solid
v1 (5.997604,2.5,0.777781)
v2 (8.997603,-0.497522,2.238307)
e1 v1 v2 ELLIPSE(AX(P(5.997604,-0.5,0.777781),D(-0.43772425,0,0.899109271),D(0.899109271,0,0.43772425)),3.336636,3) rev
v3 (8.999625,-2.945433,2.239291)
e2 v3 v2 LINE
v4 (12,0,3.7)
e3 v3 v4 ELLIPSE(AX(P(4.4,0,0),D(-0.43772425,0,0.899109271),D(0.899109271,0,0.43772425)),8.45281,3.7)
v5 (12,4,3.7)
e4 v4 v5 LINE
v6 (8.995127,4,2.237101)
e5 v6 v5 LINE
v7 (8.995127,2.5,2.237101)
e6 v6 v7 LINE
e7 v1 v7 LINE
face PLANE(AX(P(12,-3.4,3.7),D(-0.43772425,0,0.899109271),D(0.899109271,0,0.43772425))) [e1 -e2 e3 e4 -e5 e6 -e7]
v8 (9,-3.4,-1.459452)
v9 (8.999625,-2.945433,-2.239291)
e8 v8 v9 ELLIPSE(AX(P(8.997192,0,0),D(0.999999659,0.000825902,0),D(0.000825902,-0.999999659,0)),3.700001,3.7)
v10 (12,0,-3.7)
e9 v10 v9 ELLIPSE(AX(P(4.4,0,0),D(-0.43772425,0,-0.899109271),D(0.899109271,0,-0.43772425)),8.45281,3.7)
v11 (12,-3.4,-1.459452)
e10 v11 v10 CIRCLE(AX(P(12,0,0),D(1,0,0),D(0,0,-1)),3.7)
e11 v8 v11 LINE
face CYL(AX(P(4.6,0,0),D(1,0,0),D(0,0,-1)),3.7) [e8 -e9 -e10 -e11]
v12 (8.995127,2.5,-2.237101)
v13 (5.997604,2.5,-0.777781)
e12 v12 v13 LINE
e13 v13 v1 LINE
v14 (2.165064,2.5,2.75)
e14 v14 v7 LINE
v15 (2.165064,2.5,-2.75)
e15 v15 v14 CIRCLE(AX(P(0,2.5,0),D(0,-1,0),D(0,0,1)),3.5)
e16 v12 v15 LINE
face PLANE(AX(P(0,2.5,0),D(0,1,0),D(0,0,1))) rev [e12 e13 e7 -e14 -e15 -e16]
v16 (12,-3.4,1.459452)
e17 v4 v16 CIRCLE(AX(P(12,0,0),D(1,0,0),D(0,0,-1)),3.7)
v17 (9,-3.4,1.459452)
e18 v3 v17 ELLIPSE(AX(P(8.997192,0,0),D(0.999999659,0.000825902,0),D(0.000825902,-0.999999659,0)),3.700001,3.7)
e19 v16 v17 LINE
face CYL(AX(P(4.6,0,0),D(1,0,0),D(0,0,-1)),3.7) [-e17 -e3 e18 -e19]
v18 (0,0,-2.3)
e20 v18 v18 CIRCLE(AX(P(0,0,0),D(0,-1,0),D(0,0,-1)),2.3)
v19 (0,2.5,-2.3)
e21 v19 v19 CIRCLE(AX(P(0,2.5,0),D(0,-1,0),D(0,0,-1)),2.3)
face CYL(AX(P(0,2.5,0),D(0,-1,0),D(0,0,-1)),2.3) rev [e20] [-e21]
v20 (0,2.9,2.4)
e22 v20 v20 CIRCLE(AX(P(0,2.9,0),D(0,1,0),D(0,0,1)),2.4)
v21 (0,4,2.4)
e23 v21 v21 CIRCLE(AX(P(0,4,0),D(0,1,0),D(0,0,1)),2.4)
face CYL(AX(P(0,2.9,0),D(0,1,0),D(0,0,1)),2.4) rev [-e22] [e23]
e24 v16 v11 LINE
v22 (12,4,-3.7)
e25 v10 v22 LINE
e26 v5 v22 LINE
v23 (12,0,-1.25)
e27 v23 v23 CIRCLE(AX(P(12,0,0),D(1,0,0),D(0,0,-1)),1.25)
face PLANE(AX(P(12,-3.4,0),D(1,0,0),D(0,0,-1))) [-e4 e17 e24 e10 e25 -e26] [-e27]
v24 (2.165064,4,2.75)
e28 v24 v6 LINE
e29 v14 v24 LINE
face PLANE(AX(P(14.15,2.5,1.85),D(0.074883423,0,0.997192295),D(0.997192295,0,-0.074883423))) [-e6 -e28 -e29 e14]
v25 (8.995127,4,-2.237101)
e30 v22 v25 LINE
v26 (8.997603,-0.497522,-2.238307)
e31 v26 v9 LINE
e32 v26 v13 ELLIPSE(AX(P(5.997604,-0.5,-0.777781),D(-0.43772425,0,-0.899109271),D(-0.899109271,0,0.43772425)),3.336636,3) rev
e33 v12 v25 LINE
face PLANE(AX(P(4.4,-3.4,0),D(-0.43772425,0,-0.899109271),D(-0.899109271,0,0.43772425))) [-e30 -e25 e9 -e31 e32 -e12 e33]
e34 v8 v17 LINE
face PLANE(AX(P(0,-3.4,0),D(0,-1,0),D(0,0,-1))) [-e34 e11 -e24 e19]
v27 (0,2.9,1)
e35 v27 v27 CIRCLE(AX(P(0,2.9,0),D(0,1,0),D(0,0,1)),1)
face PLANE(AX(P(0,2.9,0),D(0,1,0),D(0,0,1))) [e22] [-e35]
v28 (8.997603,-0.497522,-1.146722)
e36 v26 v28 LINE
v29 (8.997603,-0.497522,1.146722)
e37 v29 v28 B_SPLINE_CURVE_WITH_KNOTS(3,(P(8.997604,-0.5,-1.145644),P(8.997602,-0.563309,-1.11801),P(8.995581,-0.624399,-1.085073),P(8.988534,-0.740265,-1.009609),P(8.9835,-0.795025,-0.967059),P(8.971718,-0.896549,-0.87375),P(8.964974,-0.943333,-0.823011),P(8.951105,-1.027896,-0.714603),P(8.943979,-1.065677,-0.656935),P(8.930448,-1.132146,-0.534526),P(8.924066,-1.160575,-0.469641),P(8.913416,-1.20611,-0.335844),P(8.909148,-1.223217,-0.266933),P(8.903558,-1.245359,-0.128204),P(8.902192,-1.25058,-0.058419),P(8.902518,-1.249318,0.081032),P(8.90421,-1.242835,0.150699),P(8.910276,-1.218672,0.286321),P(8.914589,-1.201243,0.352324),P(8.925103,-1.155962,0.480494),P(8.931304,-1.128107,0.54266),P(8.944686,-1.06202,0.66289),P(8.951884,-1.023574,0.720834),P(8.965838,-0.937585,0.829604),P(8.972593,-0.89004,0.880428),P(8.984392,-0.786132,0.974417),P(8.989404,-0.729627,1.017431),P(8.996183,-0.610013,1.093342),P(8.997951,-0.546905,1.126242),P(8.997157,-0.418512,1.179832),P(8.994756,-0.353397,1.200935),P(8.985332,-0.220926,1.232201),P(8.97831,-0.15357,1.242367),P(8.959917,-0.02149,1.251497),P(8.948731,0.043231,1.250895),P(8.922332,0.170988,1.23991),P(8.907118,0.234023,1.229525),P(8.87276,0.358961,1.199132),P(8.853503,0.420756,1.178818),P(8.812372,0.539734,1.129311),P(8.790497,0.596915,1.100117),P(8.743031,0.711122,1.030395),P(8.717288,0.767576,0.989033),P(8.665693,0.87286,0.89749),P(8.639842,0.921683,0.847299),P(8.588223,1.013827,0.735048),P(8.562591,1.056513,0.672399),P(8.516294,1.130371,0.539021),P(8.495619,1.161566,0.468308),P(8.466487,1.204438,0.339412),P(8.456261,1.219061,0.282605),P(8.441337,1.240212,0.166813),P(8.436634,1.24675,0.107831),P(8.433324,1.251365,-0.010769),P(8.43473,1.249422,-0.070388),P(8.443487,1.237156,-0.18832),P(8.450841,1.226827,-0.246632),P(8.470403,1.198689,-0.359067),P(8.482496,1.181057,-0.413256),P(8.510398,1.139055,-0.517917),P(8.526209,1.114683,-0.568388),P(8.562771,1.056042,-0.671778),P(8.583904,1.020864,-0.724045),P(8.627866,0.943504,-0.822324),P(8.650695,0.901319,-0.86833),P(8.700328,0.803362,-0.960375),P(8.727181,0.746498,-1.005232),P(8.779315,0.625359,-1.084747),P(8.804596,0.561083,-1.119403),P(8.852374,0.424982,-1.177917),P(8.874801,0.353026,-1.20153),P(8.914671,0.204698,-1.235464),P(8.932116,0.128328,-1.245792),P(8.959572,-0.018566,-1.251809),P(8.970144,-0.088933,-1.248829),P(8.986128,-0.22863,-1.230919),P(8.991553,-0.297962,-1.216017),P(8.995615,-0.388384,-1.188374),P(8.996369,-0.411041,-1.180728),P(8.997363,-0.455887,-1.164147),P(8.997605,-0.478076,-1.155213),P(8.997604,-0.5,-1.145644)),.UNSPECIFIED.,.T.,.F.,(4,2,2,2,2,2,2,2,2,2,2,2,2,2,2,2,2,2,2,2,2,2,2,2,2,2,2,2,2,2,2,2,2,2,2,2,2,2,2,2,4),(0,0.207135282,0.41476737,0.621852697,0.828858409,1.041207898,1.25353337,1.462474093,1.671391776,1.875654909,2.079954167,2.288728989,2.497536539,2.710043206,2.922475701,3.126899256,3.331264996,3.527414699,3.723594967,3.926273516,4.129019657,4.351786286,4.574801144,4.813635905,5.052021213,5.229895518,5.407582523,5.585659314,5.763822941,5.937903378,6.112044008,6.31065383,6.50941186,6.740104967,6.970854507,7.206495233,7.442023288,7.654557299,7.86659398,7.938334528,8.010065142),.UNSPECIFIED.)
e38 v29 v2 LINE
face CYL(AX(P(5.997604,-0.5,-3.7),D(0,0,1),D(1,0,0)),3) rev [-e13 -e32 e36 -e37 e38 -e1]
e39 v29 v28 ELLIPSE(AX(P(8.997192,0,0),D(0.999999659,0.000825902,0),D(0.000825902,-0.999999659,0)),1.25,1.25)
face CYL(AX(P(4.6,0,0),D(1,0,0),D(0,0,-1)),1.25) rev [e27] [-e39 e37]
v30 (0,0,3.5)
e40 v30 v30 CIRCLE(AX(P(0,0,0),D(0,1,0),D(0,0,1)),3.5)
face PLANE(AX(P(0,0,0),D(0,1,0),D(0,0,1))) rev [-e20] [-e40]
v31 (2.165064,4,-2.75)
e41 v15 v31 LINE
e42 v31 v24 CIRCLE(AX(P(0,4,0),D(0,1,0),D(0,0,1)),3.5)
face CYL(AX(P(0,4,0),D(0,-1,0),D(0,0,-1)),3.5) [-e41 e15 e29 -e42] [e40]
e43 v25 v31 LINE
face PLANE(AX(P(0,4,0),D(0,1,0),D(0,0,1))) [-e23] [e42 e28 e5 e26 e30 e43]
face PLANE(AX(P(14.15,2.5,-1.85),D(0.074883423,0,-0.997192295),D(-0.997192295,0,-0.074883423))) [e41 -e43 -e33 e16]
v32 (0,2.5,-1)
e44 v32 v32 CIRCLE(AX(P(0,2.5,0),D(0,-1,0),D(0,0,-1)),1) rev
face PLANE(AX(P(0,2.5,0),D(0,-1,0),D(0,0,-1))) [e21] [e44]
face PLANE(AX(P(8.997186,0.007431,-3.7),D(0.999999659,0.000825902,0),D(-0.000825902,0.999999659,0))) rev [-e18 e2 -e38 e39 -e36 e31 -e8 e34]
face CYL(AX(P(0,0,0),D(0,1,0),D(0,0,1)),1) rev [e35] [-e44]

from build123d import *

# Parameters (mm, degrees)
SKETCH_1_R               = 3.5
EXTRUDE_1_DEPTH          = 4
SKETCH_2_R               = 2.4
CUT_EXTRUDE_1_DEPTH      = 1.1
SKETCH_3_R               = 1
CUT_EXTRUDE_2_DEPTH      = 6.736723804
SKETCH_4_R               = 2.3
CUT_EXTRUDE_3_DEPTH      = 2.5
EXTRUDE_START            = -1.5
EXTRUDE_2_DEPTH          = 1.5
EXTRUDE_3_DEPTH          = 7.4
CUT_EXTRUDE_4_DEPTH      = 17.902366698
CUT_EXTRUDE_4_DEPTH_BACK = 17.902366698
SKETCH_10_R              = 1.25
CUT_EXTRUDE_5_DEPTH      = 7.4


with BuildPart() as part:
    # Эскиз1 → Бобышка-Вытянуть1 (new body)
    with BuildSketch(Plane(origin=(0, 0, 0), x_dir=(1, 0, 0), z_dir=(0, 1, 0))):
        with Locations(Location((0, 0, 0), (0, 0, 270))):
            Circle(SKETCH_1_R)
    extrude(amount=EXTRUDE_1_DEPTH)

    # Эскиз2 → Вырез-Вытянуть1 (cut)
    with BuildSketch(Plane(origin=(0, 4, 0), x_dir=(1, 0, 0), z_dir=(0, 1, 0))):
        with Locations(Location((0, 0, 0), (0, 0, 270))):
            Circle(SKETCH_2_R)
    extrude(amount=-CUT_EXTRUDE_1_DEPTH, mode=Mode.SUBTRACT)

    # Эскиз3 → Вырез-Вытянуть2 (cut, through all)
    with BuildSketch(Plane(origin=(0, 2.9, 0), x_dir=(1, 0, 0), z_dir=(0, 1, 0))):
        with Locations(Location((0, 0, 0), (0, 0, 270))):
            Circle(SKETCH_3_R)
    extrude(amount=-CUT_EXTRUDE_2_DEPTH, mode=Mode.SUBTRACT)

    # Эскиз4 → Вырез-Вытянуть3 (cut)
    with BuildSketch(Plane(origin=(0, 0, 0), x_dir=(-1, 0, 0), z_dir=(0, -1, 0))):
        with Locations(Location((0, 0, 0), (0, 0, 90))):
            Circle(SKETCH_4_R)
    extrude(amount=-CUT_EXTRUDE_3_DEPTH, mode=Mode.SUBTRACT)

    # Эскиз5 → Бобышка-Вытянуть2 (add)
    with BuildSketch(Plane(origin=(0, 4, 0), x_dir=(1, 0, 0), z_dir=(0, 1, 0)).offset(EXTRUDE_START)):
        with BuildLine():
            Line((14.15, 1.85), (2.165063509, 2.75))
            ThreePointArc((2.165063509, 2.75), (3.5, 0), (2.165063509, -2.75))
            Line((2.165063509, -2.75), (14.15, -1.85))
            ThreePointArc((14.15, -1.85), (16, 0), (14.15, 1.85))
        make_face()
    extrude(amount=EXTRUDE_2_DEPTH)

    # Эскиз6 → Бобышка-Вытянуть3 (add)
    with BuildSketch(Plane(origin=(0, 4, 0), x_dir=(1, 0, 0), z_dir=(0, 1, 0))):
        Polygon((12, 0), (12, 3.7), (4.4, 0), (12, -3.7), align=None)
    extrude(amount=-EXTRUDE_3_DEPTH)

    # Эскиз9 → Вырез-Вытянуть4 (cut, two sides: drawn at the far end of the back side and taken through both)
    with BuildSketch(Plane.XY.offset(-CUT_EXTRUDE_4_DEPTH_BACK)):
        with BuildLine():
            ThreePointArc((5.997603859, 2.5), (8.11804802, 1.622196165), (8.997602836, -0.497522293))
            Line((8.997602836, -0.497522293), (9, -3.4))
            Line((9, -3.4), (2.724891775, -4.807995463))
            Line((2.724891775, -4.807995463), (4.4, 2.5))
            Line((4.4, 2.5), (5.997603859, 2.5))
        make_face()
        Polygon((17.66550591, -1.447270523), (12, 2.5), (12, 6.114360592), (17.66550591, 6.114360592), align=None)
    extrude(amount=CUT_EXTRUDE_4_DEPTH + CUT_EXTRUDE_4_DEPTH_BACK, mode=Mode.SUBTRACT)

    # Эскиз10 → Вырез-Вытянуть5 (cut)
    with BuildSketch(Plane(origin=(12, 0, 0), x_dir=(0, 0, -1), z_dir=(1, 0, 0))):
        Circle(SKETCH_10_R)
        with BuildLine():
            Line((-3.7, 0), (-6.427289466, -4.290908474))
            Line((-6.427289466, -4.290908474), (7.207363266, -4.845162651))
            Line((7.207363266, -4.845162651), (3.7, 0))
            ThreePointArc((3.7, 0), (0, -3.7), (-3.7, 0))
        make_face()
    extrude(amount=-CUT_EXTRUDE_5_DEPTH, mode=Mode.SUBTRACT)


solid = part.part
